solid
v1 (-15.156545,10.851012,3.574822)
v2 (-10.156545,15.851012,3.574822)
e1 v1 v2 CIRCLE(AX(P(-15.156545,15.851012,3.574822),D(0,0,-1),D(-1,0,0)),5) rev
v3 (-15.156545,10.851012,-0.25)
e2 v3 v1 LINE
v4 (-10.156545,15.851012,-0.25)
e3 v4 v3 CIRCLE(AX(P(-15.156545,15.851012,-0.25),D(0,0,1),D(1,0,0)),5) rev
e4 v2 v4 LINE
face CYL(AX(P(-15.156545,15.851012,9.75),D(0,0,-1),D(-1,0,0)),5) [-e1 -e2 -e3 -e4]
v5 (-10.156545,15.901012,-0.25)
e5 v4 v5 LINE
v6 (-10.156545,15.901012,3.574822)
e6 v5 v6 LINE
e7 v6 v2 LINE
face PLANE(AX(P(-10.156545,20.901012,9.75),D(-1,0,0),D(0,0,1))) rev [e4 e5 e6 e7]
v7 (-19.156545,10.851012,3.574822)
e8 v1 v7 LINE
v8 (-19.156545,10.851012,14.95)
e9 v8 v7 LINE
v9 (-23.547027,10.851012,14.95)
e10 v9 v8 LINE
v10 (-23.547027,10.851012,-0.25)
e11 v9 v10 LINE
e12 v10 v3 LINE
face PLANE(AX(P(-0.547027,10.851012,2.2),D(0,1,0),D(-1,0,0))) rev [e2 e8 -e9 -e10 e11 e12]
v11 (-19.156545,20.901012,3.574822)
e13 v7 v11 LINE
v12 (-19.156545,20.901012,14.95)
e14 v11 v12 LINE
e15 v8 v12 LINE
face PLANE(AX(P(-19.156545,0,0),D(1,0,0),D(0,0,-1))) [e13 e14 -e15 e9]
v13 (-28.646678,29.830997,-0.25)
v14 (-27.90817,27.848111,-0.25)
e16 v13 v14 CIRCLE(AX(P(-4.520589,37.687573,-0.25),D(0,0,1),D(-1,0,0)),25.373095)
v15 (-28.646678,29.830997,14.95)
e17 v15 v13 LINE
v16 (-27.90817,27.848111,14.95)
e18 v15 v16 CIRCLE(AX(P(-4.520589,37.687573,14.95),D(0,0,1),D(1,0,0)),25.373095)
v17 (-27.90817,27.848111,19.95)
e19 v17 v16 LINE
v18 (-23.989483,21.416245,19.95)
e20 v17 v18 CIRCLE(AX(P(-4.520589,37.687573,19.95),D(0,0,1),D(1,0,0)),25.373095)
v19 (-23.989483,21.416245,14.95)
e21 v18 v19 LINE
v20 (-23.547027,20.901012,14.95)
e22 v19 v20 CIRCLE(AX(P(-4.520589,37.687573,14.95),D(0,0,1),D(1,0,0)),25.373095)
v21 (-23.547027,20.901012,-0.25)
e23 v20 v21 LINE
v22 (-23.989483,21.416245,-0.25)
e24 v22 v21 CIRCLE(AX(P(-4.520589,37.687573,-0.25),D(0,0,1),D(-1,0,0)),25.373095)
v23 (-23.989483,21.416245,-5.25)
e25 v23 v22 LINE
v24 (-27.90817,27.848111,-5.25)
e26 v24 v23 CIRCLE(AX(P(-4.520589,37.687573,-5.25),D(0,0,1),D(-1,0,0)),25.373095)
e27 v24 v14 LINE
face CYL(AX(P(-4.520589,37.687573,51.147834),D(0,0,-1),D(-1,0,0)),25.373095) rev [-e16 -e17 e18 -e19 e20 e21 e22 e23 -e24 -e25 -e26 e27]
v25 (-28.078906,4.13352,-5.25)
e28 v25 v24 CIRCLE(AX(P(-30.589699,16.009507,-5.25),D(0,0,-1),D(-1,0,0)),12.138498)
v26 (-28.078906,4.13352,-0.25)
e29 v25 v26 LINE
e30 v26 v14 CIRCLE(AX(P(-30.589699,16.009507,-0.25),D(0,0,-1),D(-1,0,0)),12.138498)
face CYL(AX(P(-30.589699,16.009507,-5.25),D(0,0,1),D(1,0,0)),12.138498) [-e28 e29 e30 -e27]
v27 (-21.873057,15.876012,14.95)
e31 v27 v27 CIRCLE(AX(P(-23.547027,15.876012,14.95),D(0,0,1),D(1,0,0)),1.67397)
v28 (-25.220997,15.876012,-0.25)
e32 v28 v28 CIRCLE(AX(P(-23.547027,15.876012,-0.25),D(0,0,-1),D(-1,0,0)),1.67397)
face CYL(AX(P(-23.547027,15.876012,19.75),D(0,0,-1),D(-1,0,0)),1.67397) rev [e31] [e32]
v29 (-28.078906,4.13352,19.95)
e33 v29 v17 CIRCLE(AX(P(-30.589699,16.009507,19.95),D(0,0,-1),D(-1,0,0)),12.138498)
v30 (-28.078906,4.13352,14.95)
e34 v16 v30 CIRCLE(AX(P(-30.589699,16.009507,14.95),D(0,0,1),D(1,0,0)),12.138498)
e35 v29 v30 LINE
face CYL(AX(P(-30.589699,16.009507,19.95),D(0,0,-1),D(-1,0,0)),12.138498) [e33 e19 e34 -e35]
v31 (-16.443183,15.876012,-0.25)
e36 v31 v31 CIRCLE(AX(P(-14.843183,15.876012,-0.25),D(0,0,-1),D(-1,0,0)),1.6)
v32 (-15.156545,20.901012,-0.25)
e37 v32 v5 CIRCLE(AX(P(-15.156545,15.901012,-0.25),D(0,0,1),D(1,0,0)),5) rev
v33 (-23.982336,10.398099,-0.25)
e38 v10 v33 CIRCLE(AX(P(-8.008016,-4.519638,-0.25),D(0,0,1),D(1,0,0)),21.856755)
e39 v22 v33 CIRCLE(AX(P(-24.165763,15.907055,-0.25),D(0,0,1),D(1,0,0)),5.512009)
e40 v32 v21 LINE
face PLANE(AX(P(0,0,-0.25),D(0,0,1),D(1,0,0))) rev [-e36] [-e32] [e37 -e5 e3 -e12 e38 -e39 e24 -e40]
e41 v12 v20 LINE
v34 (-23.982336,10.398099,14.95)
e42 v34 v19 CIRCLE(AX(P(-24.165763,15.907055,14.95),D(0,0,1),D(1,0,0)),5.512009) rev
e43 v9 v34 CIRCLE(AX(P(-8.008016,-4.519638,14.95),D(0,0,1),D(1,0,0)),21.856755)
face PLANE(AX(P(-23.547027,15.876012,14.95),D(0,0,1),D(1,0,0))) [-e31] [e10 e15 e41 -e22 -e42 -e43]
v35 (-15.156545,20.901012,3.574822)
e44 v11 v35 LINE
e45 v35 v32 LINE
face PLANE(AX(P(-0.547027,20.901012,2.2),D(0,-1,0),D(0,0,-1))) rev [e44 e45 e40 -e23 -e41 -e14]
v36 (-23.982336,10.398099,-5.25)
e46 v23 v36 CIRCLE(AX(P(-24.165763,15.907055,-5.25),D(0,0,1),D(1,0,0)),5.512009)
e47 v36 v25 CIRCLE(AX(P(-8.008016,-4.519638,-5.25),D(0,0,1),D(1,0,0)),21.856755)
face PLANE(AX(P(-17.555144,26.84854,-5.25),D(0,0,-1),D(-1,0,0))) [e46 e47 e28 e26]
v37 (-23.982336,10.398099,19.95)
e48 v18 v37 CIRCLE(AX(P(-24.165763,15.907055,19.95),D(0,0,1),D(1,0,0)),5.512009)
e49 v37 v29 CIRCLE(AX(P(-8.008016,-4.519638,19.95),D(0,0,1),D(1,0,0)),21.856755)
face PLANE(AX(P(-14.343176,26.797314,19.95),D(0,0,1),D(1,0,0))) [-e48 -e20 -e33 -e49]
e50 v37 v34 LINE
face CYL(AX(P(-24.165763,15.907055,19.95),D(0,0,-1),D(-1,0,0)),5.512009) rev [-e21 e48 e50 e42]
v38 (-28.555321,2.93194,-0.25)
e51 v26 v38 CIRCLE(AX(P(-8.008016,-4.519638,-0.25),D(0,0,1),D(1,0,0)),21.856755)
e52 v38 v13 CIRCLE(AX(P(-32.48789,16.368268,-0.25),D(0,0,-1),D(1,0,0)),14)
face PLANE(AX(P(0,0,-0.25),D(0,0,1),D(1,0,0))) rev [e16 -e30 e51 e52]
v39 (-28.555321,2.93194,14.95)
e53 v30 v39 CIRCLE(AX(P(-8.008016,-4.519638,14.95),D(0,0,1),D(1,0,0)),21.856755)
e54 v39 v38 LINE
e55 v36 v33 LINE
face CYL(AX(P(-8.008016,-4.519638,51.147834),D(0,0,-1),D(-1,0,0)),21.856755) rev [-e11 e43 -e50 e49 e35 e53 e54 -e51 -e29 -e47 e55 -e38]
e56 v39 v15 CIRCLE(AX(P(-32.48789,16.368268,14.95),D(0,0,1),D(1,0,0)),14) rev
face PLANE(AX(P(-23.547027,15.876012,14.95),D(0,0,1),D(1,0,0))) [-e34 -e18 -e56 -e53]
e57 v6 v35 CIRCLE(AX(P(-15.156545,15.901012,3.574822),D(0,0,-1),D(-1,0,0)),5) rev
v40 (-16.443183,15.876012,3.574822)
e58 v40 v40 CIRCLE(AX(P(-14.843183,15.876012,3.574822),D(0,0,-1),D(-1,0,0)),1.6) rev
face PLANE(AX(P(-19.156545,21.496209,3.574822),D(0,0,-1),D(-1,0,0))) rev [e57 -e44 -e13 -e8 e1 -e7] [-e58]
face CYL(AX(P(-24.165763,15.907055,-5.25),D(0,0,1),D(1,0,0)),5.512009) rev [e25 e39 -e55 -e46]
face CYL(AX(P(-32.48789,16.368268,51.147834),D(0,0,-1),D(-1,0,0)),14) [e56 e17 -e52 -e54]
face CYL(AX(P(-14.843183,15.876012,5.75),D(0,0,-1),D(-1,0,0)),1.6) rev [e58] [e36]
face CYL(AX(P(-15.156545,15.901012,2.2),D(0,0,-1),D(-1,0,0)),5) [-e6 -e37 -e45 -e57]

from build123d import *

# Parameters (mm, degrees)
EXTRUDE_1_DEPTH      = 2.2
EXTRUDE_2_DEPTH      = 3.25
SKETCH_3_W           = 50
SKETCH_3_H           = 10.05
EXTRUDE_3_DEPTH      = 3.25
CUT_EXTRUDE_1_DEPTH  = 30
EXTRUDE_4_REACH      = 56.389
SKETCH_6_R           = 5.025
SKETCH_8_R           = 1.675
SKETCH_8_R_2         = 0.84
CUT_EXTRUDE_3_DEPTH  = 55
SKETCH_9_W           = 28.473000816
SKETCH_9_H           = 14.532409192
CUT_EXTRUDE_4_DEPTH  = 3
EXTRUDE_5_DEPTH      = 2.45
SKETCH_11_W          = 12.614203935
SKETCH_11_H          = 10.05
EXTRUDE_6_DEPTH      = 3
SKETCH_12_W          = 36.628466797
SKETCH_12_H          = 15.348537224
CUT_EXTRUDE_5_DEPTH  = 10
SKETCH_13_W          = 5.35
SKETCH_13_H          = 5.35
CUT_EXTRUDE_6_DEPTH  = 14
SKETCH_14_R          = 1.1
CUT_EXTRUDE_7_DEPTH  = 14
SKETCH_15_R          = 1.1
CUT_EXTRUDE_8_DEPTH  = 10
SKETCH_16_R          = 1.625
EXTRUDE_7_DEPTH      = 5.7
SKETCH_17_W          = 19.923143876
SKETCH_17_H          = 15.083058075
CUT_EXTRUDE_9_DEPTH  = 3
SKETCH_18_R          = 1.675
SKETCH_18_R_2        = 1.6
CUT_EXTRUDE_10_DEPTH = 6
CUT_EXTRUDE_11_DEPTH = 10
EXTRUDE_8_DEPTH      = 9.5
EXTRUDE_9_DEPTH      = 15.2
SKETCH_23_W          = 14.793785908
SKETCH_23_H          = 11.59723546
CUT_EXTRUDE_12_DEPTH = 9
SKETCH_25_R          = 1.6
SKETCH_25_R_2        = 1.673969756
CUT_EXTRUDE_13_DEPTH = 20
FILLET_1_R           = 5
EXTRUDE_START        = 5
EXTRUDE_10_DEPTH     = 5
EXTRUDE_11_DEPTH     = 25.2


with BuildPart() as part:
    # 草图1 → 凸台-拉伸1 (new body)
    with BuildSketch(Plane.XY):
        with BuildLine():
            Line((1.539836705, 12.851012384), (15.55297303, 14.251012384))
            ThreePointArc((15.55297303, 14.251012384), (17.193415997, 16.063512384), (15.55297303, 17.876012384))
            Line((15.55297303, 17.876012384), (1.500532553, 18.901012384))
            ThreePointArc((1.500532553, 18.901012384), (0.527100583, 19.384612538), (-0.54702697, 19.551012384))
            Line((-0.54702697, 19.551012384), (-0.54702697, 20.901012384))
            Line((-0.54702697, 20.901012384), (19.51277613, 20.901012384))
            Line((19.51277613, 20.901012384), (41.45297303, 20.901012384))
            Line((41.45297303, 20.901012384), (41.45297303, 10.851012384))
            Line((41.45297303, 10.851012384), (-0.54702697, 10.851012384))
            Line((-0.54702697, 10.851012384), (-0.54702697, 12.201012384))
            ThreePointArc((-0.54702697, 12.201012384), (0.54584768, 12.367273294), (1.539836705, 12.851012384))
        make_face()
    extrude(amount=EXTRUDE_1_DEPTH)

    # 草图2 → 凸台-拉伸2 (add)
    with BuildSketch(Plane(origin=(0, 0, 0), x_dir=(-1, 0, 0), z_dir=(0, 0, -1))):
        Polygon((-19.51277613, 10.851012384), (-49.45297303, 10.851012384), (-49.45297303, 20.901012384), (-19.51277613, 20.901012384), (0.54702697, 20.901012384), (0.54702697, 10.851012384), align=None)
    extrude(amount=EXTRUDE_2_DEPTH)

    # 草图3 → 凸台-拉伸3 (add)
    with BuildSketch(Plane.XY.offset(2.2)):
        with Locations((24.45297303, 15.876012384)):
            Rectangle(SKETCH_3_W, SKETCH_3_H)
    extrude(amount=EXTRUDE_3_DEPTH)

    # 草图4 → 切除-拉伸1 (cut, symmetric)
    with BuildSketch(Plane.XY):
        with BuildLine():
            Line((-0.54702697, 19.551012384), (-2.235397712, 16.616091152))
            Line((-2.235397712, 16.616091152), (-1.110896638, 12.310548833))
            Line((-1.110896638, 12.310548833), (-0.54702697, 12.201012384))
            ThreePointArc((-0.54702697, 12.201012384), (0.54584768, 12.367273294), (1.539836705, 12.851012384))
            ThreePointArc((1.539836705, 12.851012384), (2.773180655, 15.88415254), (1.500532553, 18.901012384))
            ThreePointArc((1.500532553, 18.901012384), (0.527100583, 19.384612538), (-0.54702697, 19.551012384))
        make_face()
    extrude(amount=CUT_EXTRUDE_1_DEPTH, both=True, mode=Mode.SUBTRACT)

    # 凸台-拉伸4: up to this face of the body (flat: up to its plane)
    extrude_4_end = Plane(part.part.faces().sort_by_distance((25.407741746, 15.876338503, 5.45))[0])
    # 草图6 → 凸台-拉伸4 (add, up to the picked face)
    with BuildSketch(Plane(origin=(0, 0, -3.25), x_dir=(-1, 0, 0), z_dir=(0, 0, -1)), mode=Mode.PRIVATE) as extrude_4_sk1:
        with Locations(Location((-49.45297303, 15.876012384, 0), (0, 0, 90))):
            Circle(SKETCH_6_R)
    extrude_4_tool1 = split(extrude(extrude_4_sk1.sketch, amount=-EXTRUDE_4_REACH, mode=Mode.PRIVATE), bisect_by=extrude_4_end, keep=Keep.BOTH, mode=Mode.PRIVATE)
    add(extrude_4_tool1.solids().sort_by(Axis((49.452973, 15.876012, -3.25), (0, 0, 1)))[0])

    # 草图8 → 切除-拉伸3 (cut)
    with BuildSketch(Plane(origin=(0, 0, -3.25), x_dir=(-1, 0, 0), z_dir=(0, 0, -1))):
        with Locations((-49.45297303, 15.876012384)):
            Circle(SKETCH_8_R)
        with Locations(Location((-7.95297303, 15.856360308, 0), (0, 0, 180))):
            Circle(SKETCH_8_R_2)
    extrude(amount=-CUT_EXTRUDE_3_DEPTH, mode=Mode.SUBTRACT)

    # 草图9 → 切除-拉伸4 (cut)
    with BuildSketch(Plane(origin=(0, 0, -3.25), x_dir=(-1, 0, 0), z_dir=(0, 0, -1))):
        with Locations((-42.648638606, 15.039406696)):
            Rectangle(SKETCH_9_W, SKETCH_9_H)
    extrude(amount=-CUT_EXTRUDE_4_DEPTH, mode=Mode.SUBTRACT)

    # 草图10 → 凸台-拉伸5 (add)
    with BuildSketch(Plane(origin=(0, 0, 2.2), x_dir=(-1, 0, 0), z_dir=(0, 0, -1))):
        with BuildLine():
            Line((-49.45297303, 20.901012384), (-38.466384114, 20.901012384))
            Line((-38.466384114, 20.901012384), (-38.466384114, 10.851012384))
            Line((-38.466384114, 10.851012384), (-49.45297303, 10.851012384))
            ThreePointArc((-49.45297303, 10.851012384), (-46.217908976, 15.876012384), (-49.45297303, 20.901012384))
        make_face()
    extrude(amount=EXTRUDE_5_DEPTH)

    # 草图11 → 凸台-拉伸6 (add)
    with BuildSketch(Plane(origin=(0, 0, -3.25), x_dir=(-1, 0, 0), z_dir=(0, 0, -1))):
        with Locations((-32.625453647, 15.876012384)):
            Rectangle(SKETCH_11_W, SKETCH_11_H)
    extrude(amount=-EXTRUDE_6_DEPTH)

    # 草图12 → 切除-拉伸5 (cut)
    with BuildSketch(Plane(origin=(0, 0, -3.25), x_dir=(-1, 0, 0), z_dir=(0, 0, -1))):
        with Locations((-5.618322216, 15.103365543)):
            Rectangle(SKETCH_12_W, SKETCH_12_H)
    extrude(amount=-CUT_EXTRUDE_5_DEPTH, mode=Mode.SUBTRACT)

    # 草图13 → 切除-拉伸6 (cut)
    with BuildSketch(Plane.ZY.offset(-23.932555614)):
        with Locations((1.1, 16.124405573)):
            Rectangle(SKETCH_13_W, SKETCH_13_H)
    extrude(amount=-CUT_EXTRUDE_6_DEPTH, mode=Mode.SUBTRACT)

    # 草图14 → 切除-拉伸7 (cut)
    with BuildSketch(Plane(origin=(0, 20.901012384, 0), x_dir=(1, 0, 0), z_dir=(0, 1, 0))):
        with Locations(Location((30.538219594, -1.1, 0), (0, 0, 270))):
            Circle(SKETCH_14_R)
    extrude(amount=-CUT_EXTRUDE_7_DEPTH, mode=Mode.SUBTRACT)

    # 草图15 → 切除-拉伸8 (cut)
    with BuildSketch(Plane.XY.offset(5.45)):
        with Locations((36.879929969, 15.882801083)):
            Circle(SKETCH_15_R)
    extrude(amount=-CUT_EXTRUDE_8_DEPTH, mode=Mode.SUBTRACT)

    # 草图16 → 凸台-拉伸7 (add)
    with BuildSketch(Plane(origin=(0, 0, -0.25), x_dir=(-1, 0, 0), z_dir=(0, 0, -1))):
        with BuildLine():
            Line((-49.45297303, 20.901012384), (23.54702697, 20.901012384))
            ThreePointArc((23.54702697, 20.901012384), (28.57202697, 15.876012384), (23.54702697, 10.851012384))
            Line((23.54702697, 10.851012384), (-49.45297303, 10.851012384))
            Line((-49.45297303, 10.851012384), (-49.45297303, 20.901012384))
        make_face()
        with Locations((23.54702697, 15.876012384)):
            Circle(SKETCH_16_R, mode=Mode.SUBTRACT)
    extrude(amount=-EXTRUDE_7_DEPTH)

    # 草图17 → 切除-拉伸9 (cut)
    with BuildSketch(Plane(origin=(0, 0, -3.25), x_dir=(-1, 0, 0), z_dir=(0, 0, -1))):
        with Locations((-33.178239607, 16.007261263)):
            Rectangle(SKETCH_17_W, SKETCH_17_H)
    extrude(amount=-CUT_EXTRUDE_9_DEPTH, mode=Mode.SUBTRACT)

    # 草图18 → 切除-拉伸10 (cut)
    with BuildSketch(Plane(origin=(0, 0, -0.25), x_dir=(-1, 0, 0), z_dir=(0, 0, -1))):
        with Locations(Location((-49.45297303, 15.876012384, 0), (0, 0, 180))):
            Circle(SKETCH_18_R)
        with Locations((14.84318256, 15.876012384)):
            Circle(SKETCH_18_R_2)
        with BuildLine():
            Line((-31.661597205, 17.303258867), (8.461046927, 17.303258867))
            ThreePointArc((8.461046927, 17.303258867), (9.88829341, 15.876012384), (8.461046927, 14.448765901))
            Line((8.461046927, 14.448765901), (-31.661597205, 14.448765901))
            ThreePointArc((-31.661597205, 14.448765901), (-33.088843687, 15.876012384), (-31.661597205, 17.303258867))
        make_face()
    extrude(amount=-CUT_EXTRUDE_10_DEPTH, mode=Mode.SUBTRACT)

    # 草图19 → 切除-拉伸11 (cut)
    with BuildSketch(Plane(origin=(0, 0, -0.25), x_dir=(-1, 0, 0), z_dir=(0, 0, -1))):
        Polygon((12.697516125, 20.901012384), (-60.999534113, 39.375054119), (-58.738783937, -10.22846445), (12.697516125, 10.851012384), (10.156545193, 10.851012384), (10.156545193, 20.901012384), align=None)
    extrude(amount=-CUT_EXTRUDE_11_DEPTH, mode=Mode.SUBTRACT)

    # 草图21 → 凸台-拉伸8 (add)
    with BuildSketch(Plane.XY.offset(5.45)):
        with BuildLine():
            Line((-23.54702697, 20.901012384), (-12.697516125, 20.901012384))
            ThreePointArc((-12.697516125, 20.901012384), (-9.87974938, 15.876012384), (-12.697516125, 10.851012384))
            Line((-12.697516125, 10.851012384), (-23.54702697, 10.851012384))
            ThreePointArc((-23.54702697, 10.851012384), (-28.57202697, 15.876012384), (-23.54702697, 20.901012384))
        make_face()
    extrude(amount=EXTRUDE_8_DEPTH)

    # 草图22 → 凸台-拉伸9 (add)
    with BuildSketch(Plane(origin=(0, 0, -0.25), x_dir=(-1, 0, 0), z_dir=(0, 0, -1))):
        with BuildLine():
            Line((23.54702697, 20.901012384), (26.601137036, 16.368267617))
            Line((26.601137036, 16.368267617), (23.54702697, 10.851012384))
            ThreePointArc((23.54702697, 10.851012384), (26.480521945, 7.163010653), (28.555320944, 2.931940027))
            ThreePointArc((28.555320944, 2.931940027), (46.487809448, 16.320719833), (28.64667794, 29.830997223))
            ThreePointArc((28.64667794, 29.830997223), (26.554002303, 25.104940008), (23.54702697, 20.901012384))
        make_face()
    extrude(amount=-EXTRUDE_9_DEPTH)

    # 草图23 → 切除-拉伸12 (cut, symmetric)
    with BuildSketch(Plane(origin=(-10.156545193, 0, 0), x_dir=(0, 0, -1), z_dir=(1, 0, 0))):
        with Locations((-10.971714959, 15.6975909)):
            Rectangle(SKETCH_23_W, SKETCH_23_H)
    extrude(amount=CUT_EXTRUDE_12_DEPTH, both=True, mode=Mode.SUBTRACT)

    # 草图25 → 切除-拉伸13 (cut)
    with BuildSketch(Plane(origin=(0, 0, -0.25), x_dir=(-1, 0, 0), z_dir=(0, 0, -1))):
        with Locations((14.84318256, 15.876012384)):
            Circle(SKETCH_25_R)
        with Locations((23.54702697, 15.876012384)):
            Circle(SKETCH_25_R_2)
    extrude(amount=-CUT_EXTRUDE_13_DEPTH, mode=Mode.SUBTRACT)

    # 圆角1
    fillet_1_edges = [part.edges().sort_by_distance(p)[0] for p in [
        (-10.156545193, 10.851012384, 1.662411002),
        (-10.156545193, 20.901012384, 1.662411002),
    ]]
    fillet(fillet_1_edges, radius=FILLET_1_R)

    # 草图26 → 凸台-拉伸10 (add)
    with BuildSketch(Plane(origin=(0, 0, -0.25), x_dir=(-1, 0, 0), z_dir=(0, 0, -1)).offset(EXTRUDE_START)):
        with BuildLine():
            ThreePointArc((23.989483385, 21.41624515), (29.677771388, 15.903479456), (23.982335647, 10.398098659))
            ThreePointArc((23.982335647, 10.398098659), (26.300788095, 7.442479058), (28.078905502, 4.133520391))
            ThreePointArc((28.078905502, 4.133520391), (42.727883136, 16.096897132), (27.908169911, 27.848111056))
            ThreePointArc((27.908169911, 27.848111056), (26.188805201, 24.485968475), (23.989483385, 21.41624515))
        make_face()
    extrude(amount=-EXTRUDE_10_DEPTH)

    # 草图27 → 凸台-拉伸11 (add)
    with BuildSketch(Plane(origin=(0, 0, -5.25), x_dir=(-1, 0, 0), z_dir=(0, 0, -1))):
        with BuildLine():
            ThreePointArc((23.989483385, 21.41624515), (29.677771388, 15.903479456), (23.982335647, 10.398098659))
            ThreePointArc((23.982335647, 10.398098659), (26.300788095, 7.442479058), (28.078905502, 4.133520391))
            ThreePointArc((28.078905502, 4.133520391), (42.727883136, 16.096897132), (27.908169911, 27.848111056))
            ThreePointArc((27.908169911, 27.848111056), (26.188805201, 24.485968475), (23.989483385, 21.41624515))
        make_face()
    extrude(amount=-EXTRUDE_11_DEPTH)


solid = part.part
